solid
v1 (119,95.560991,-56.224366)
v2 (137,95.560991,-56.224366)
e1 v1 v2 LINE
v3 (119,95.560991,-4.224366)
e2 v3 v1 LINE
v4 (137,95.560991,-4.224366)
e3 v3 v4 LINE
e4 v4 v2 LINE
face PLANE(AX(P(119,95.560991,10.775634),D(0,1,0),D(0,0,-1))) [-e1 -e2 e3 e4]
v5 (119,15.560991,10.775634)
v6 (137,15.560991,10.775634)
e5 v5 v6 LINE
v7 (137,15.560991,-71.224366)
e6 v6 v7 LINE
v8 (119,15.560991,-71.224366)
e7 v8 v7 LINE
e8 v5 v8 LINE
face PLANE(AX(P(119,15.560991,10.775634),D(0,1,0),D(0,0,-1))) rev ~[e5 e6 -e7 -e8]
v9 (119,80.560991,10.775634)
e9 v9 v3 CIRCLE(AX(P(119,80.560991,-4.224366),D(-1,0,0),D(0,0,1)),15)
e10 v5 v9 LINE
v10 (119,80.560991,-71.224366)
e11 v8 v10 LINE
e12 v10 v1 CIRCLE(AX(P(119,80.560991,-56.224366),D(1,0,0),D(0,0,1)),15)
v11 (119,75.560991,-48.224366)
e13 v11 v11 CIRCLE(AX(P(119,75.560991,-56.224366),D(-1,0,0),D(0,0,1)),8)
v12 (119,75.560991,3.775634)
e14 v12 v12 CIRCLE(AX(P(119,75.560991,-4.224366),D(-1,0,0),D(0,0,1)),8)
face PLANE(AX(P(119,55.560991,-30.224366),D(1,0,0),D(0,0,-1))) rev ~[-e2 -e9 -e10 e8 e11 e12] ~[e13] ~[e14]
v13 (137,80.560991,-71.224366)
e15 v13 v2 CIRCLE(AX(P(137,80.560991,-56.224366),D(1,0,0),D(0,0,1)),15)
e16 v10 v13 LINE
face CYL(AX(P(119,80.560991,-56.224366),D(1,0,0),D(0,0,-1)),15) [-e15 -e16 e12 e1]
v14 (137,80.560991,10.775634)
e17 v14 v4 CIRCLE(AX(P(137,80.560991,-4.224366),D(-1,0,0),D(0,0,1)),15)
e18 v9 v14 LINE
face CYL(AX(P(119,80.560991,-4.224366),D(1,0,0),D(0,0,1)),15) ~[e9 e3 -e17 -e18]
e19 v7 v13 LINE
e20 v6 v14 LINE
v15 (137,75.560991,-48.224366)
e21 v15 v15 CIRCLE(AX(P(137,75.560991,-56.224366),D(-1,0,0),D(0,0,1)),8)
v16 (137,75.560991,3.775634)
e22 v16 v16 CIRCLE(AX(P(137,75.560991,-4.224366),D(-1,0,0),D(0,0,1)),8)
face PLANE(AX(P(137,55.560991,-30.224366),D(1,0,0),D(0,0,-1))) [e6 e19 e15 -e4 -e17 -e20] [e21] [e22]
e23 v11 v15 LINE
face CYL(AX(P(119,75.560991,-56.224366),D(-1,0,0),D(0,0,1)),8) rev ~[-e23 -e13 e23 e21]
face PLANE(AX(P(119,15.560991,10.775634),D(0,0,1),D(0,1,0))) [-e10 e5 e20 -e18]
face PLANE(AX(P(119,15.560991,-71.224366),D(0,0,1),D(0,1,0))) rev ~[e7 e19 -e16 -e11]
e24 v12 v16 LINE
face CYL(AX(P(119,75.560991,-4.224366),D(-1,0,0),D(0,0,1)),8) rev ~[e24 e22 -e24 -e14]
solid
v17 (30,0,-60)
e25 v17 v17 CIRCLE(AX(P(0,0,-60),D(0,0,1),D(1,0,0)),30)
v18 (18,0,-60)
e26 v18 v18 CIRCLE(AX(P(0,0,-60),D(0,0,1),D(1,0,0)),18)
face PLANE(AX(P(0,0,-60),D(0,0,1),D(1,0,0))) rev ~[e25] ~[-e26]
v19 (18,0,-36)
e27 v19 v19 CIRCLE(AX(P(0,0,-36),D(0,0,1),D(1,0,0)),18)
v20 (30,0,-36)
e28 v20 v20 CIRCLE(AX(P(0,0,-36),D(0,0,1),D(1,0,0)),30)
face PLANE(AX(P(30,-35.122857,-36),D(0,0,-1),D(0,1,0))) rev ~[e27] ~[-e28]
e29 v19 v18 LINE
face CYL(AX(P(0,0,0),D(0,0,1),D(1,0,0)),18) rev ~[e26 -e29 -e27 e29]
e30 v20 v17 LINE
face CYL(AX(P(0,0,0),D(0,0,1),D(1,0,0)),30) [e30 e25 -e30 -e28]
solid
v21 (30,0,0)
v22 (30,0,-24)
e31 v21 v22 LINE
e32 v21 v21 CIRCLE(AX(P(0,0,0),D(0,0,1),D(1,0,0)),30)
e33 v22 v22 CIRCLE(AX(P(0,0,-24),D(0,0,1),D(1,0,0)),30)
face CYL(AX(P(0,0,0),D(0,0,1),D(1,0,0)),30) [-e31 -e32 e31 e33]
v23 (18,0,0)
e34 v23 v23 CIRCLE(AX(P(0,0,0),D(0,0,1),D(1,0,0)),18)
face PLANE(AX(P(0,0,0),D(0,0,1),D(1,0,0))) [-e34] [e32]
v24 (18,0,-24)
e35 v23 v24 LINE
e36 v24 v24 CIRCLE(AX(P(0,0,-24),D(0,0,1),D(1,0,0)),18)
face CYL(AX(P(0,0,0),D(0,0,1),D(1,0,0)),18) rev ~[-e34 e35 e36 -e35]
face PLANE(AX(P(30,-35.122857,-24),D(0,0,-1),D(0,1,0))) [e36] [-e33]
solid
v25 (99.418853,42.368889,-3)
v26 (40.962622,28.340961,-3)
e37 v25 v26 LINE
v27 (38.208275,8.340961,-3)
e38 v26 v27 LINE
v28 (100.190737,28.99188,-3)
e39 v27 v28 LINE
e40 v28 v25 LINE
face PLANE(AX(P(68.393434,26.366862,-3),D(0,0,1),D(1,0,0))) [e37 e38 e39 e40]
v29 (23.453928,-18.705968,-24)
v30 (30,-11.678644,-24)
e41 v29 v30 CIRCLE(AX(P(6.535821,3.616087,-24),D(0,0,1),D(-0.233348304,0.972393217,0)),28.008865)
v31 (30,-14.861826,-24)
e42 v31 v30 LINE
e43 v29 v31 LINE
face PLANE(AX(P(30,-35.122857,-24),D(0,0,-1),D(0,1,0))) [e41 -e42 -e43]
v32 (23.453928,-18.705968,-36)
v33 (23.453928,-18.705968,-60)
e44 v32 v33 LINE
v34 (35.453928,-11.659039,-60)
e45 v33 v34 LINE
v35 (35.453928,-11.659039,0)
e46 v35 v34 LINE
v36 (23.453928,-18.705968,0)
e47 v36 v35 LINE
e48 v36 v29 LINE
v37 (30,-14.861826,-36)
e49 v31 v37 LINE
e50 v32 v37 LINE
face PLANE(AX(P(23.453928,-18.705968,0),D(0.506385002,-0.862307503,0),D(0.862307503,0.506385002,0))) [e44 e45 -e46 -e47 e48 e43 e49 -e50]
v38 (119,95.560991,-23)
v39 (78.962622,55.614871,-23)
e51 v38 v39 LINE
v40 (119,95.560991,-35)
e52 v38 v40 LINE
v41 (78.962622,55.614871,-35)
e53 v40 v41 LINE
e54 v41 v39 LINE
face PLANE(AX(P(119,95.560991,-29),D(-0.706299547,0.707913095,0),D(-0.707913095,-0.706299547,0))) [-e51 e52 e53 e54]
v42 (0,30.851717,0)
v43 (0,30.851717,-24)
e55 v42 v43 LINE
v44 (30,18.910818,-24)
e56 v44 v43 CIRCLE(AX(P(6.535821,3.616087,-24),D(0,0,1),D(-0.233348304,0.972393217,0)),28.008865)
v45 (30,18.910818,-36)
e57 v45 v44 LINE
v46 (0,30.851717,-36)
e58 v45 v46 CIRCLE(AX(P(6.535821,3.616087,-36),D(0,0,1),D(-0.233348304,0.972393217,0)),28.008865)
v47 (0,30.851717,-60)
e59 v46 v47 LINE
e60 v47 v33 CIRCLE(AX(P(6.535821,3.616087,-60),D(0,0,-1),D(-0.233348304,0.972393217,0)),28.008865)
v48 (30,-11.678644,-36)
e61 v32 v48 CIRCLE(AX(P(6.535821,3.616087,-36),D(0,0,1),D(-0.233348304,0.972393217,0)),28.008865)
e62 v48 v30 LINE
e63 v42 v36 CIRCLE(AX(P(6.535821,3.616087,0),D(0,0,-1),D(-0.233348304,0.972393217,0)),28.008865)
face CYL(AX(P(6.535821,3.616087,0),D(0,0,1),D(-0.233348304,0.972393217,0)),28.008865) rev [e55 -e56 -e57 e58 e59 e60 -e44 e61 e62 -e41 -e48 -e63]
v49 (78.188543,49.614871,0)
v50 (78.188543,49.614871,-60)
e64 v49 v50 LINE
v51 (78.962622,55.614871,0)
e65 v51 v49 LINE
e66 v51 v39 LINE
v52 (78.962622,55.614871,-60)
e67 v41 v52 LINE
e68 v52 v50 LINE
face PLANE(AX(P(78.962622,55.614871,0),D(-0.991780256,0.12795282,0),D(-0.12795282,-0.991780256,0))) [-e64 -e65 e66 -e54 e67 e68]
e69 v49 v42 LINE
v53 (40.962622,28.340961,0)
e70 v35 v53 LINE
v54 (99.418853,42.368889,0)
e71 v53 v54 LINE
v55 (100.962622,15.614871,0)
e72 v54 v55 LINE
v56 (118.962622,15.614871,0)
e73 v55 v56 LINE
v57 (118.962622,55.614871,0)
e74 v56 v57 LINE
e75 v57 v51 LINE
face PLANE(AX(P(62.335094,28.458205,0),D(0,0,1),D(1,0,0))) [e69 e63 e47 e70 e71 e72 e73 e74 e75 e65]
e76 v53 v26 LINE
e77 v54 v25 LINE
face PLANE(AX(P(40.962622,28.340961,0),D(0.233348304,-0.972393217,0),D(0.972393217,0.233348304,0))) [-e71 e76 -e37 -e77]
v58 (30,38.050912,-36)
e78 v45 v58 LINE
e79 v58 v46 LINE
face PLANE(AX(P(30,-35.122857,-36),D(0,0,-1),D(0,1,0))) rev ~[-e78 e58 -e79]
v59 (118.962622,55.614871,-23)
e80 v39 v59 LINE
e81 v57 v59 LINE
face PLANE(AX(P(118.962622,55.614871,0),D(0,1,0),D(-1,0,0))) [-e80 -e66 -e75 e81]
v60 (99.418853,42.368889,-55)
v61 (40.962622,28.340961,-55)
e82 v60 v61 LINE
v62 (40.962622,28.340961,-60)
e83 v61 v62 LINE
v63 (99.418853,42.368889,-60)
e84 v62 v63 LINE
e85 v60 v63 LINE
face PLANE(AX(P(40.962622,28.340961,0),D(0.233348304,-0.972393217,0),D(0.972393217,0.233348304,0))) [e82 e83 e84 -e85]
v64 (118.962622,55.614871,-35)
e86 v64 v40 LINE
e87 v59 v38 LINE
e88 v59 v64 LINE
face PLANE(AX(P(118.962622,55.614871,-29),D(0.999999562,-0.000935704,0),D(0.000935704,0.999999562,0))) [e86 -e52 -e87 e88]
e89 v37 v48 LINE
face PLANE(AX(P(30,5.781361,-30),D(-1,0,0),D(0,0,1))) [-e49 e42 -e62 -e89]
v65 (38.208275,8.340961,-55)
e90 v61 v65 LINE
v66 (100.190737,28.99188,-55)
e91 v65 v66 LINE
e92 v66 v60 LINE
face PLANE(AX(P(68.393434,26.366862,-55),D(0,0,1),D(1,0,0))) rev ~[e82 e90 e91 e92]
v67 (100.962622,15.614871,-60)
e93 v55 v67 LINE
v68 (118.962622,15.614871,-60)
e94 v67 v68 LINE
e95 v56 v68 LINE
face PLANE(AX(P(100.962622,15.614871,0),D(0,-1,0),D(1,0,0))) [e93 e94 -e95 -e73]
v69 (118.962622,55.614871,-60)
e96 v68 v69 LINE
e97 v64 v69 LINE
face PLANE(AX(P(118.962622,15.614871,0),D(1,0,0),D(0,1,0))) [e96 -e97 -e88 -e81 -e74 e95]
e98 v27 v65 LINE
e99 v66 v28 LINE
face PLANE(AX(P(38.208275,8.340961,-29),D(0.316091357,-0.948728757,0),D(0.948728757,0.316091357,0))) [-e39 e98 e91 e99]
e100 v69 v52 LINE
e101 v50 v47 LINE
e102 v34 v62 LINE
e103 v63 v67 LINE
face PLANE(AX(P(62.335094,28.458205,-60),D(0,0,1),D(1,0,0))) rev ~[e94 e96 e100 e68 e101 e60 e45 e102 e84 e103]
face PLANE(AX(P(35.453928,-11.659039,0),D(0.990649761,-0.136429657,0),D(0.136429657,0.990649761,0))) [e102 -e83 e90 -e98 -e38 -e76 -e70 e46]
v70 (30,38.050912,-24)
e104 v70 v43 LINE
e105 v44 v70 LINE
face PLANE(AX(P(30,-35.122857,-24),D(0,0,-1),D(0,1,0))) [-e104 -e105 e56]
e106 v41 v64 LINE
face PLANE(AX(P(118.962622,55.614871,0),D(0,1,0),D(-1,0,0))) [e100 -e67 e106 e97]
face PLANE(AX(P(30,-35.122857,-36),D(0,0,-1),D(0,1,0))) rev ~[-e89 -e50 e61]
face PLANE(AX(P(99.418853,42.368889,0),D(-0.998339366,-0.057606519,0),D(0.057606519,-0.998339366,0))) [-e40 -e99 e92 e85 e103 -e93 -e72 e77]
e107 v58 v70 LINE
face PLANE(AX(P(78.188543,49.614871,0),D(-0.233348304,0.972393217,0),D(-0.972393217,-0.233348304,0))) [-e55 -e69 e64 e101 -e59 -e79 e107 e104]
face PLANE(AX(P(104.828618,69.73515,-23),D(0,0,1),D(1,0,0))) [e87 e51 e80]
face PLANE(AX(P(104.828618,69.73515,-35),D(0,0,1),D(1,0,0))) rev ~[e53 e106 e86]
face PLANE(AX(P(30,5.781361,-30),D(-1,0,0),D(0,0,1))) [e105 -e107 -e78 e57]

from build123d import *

# Parameters (mm, degrees)
BOSS_EXTRUDE1_DEPTH   = 60
SKETCH1_R             = 30
SKETCH1_R_2           = 18
BOSS_EXTRUDE1_2_DEPTH = 60
SKETCH2_W             = 82
SKETCH2_H             = 80
BOSS_EXTRUDE2_DEPTH   = 18
FILLET1_R             = 15
BOSS_EXTRUDE3_DEPTH   = 6
SKETCH4_W             = 12
SKETCH4_H             = 81.808437473
CUT_EXTRUDE1_DEPTH    = 62
SKETCH9_R             = 8
CUT_EXTRUDE2_DEPTH    = 32
BOSS_EXTRUDE4_DEPTH   = 26


with BuildPart() as part:
    # Sketch1 → Boss-Extrude1 (new body)
    with BuildSketch(Plane.XY):
        with BuildLine():
            Line((78.188542599, 49.614870773), (0, 30.851716638))
            ThreePointArc((0, 30.851716638), (31.852594073, 15.597634824), (23.453928376, -18.705968131))
            Line((23.453928376, -18.705968131), (35.453928376, -11.659038808))
            Line((35.453928376, -11.659038808), (40.962622254, 28.340961192))
            Line((40.962622254, 28.340961192), (99.418852734, 42.368889405))
            Line((99.418852734, 42.368889405), (100.962622254, 15.614870773))
            Line((100.962622254, 15.614870773), (118.962622254, 15.614870773))
            Line((118.962622254, 15.614870773), (118.962622254, 55.614870773))
            Line((118.962622254, 55.614870773), (78.962622254, 55.614870773))
            Line((78.962622254, 55.614870773), (78.188542599, 49.614870773))
        make_face()
    extrude(amount=-BOSS_EXTRUDE1_DEPTH)

    # Sketch3 → Boss-Extrude3 (add, symmetric)
    with BuildSketch(Plane.XY.offset(-29)):
        Polygon((119, 95.5609912), (78.962622254, 55.614870773), (118.962622254, 55.614870773), align=None)
    extrude(amount=BOSS_EXTRUDE3_DEPTH, both=True)


with BuildPart() as body_2:
    # Sketch1 → Boss-Extrude1 2 (new body)
    with BuildSketch(Plane.XY):
        Circle(SKETCH1_R)
        Circle(SKETCH1_R_2, mode=Mode.SUBTRACT)
    extrude(amount=-BOSS_EXTRUDE1_2_DEPTH)


with BuildPart() as body_3:
    # Sketch2 → Boss-Extrude2 (new body)
    with BuildSketch(Plane(origin=(119, 0, 0), x_dir=(0, 0, -1), z_dir=(1, 0, 0))):
        with Locations((30.224366482, 55.5609912)):
            Rectangle(SKETCH2_W, SKETCH2_H)
    extrude(amount=BOSS_EXTRUDE2_DEPTH)

    # Fillet1
    fillet1_edges = [body_3.edges().sort_by_distance(p)[0] for p in [
        (128, 95.5609912, 10.775633518),
        (128, 95.5609912, -71.224366482),
    ]]
    fillet(fillet1_edges, radius=FILLET1_R)

    # Sketch9 → Cut-Extrude2 (cut)
    with BuildSketch(Plane.ZY.offset(-119)):
        with Locations((-56.224366482, 75.5609912)):
            Circle(SKETCH9_R)
        with Locations((-4.224366482, 75.5609912)):
            Circle(SKETCH9_R)
    extrude(amount=-CUT_EXTRUDE2_DEPTH, mode=Mode.SUBTRACT)


with BuildPart() as cut_extrude1_tool:
    # Sketch4 → Cut-Extrude1 (new body)
    with BuildSketch(Plane.ZY.offset(-30)):
        with Locations((-30, 5.781361386)):
            Rectangle(SKETCH4_W, SKETCH4_H)
    extrude(amount=CUT_EXTRUDE1_DEPTH)


with BuildPart() as part_1:
    add(part.part)

    # Cut-Extrude1: cut by cut_extrude1_tool
    add(cut_extrude1_tool.part, mode=Mode.SUBTRACT)

    # Sketch10 → Boss-Extrude4 (add, symmetric)
    with BuildSketch(Plane.XY.offset(-29)):
        Polygon((38.208275315, 8.340961192), (100.190737494, 28.991880089), (99.418852734, 42.368889405), (40.962622254, 28.340961192), align=None)
    extrude(amount=BOSS_EXTRUDE4_DEPTH, both=True)


with BuildPart() as body_2_1:
    add(body_2.part)

    # Cut-Extrude1: cut by cut_extrude1_tool
    add(cut_extrude1_tool.part, mode=Mode.SUBTRACT)


solid = Compound([body_3.part, part_1.part, body_2_1.part])
